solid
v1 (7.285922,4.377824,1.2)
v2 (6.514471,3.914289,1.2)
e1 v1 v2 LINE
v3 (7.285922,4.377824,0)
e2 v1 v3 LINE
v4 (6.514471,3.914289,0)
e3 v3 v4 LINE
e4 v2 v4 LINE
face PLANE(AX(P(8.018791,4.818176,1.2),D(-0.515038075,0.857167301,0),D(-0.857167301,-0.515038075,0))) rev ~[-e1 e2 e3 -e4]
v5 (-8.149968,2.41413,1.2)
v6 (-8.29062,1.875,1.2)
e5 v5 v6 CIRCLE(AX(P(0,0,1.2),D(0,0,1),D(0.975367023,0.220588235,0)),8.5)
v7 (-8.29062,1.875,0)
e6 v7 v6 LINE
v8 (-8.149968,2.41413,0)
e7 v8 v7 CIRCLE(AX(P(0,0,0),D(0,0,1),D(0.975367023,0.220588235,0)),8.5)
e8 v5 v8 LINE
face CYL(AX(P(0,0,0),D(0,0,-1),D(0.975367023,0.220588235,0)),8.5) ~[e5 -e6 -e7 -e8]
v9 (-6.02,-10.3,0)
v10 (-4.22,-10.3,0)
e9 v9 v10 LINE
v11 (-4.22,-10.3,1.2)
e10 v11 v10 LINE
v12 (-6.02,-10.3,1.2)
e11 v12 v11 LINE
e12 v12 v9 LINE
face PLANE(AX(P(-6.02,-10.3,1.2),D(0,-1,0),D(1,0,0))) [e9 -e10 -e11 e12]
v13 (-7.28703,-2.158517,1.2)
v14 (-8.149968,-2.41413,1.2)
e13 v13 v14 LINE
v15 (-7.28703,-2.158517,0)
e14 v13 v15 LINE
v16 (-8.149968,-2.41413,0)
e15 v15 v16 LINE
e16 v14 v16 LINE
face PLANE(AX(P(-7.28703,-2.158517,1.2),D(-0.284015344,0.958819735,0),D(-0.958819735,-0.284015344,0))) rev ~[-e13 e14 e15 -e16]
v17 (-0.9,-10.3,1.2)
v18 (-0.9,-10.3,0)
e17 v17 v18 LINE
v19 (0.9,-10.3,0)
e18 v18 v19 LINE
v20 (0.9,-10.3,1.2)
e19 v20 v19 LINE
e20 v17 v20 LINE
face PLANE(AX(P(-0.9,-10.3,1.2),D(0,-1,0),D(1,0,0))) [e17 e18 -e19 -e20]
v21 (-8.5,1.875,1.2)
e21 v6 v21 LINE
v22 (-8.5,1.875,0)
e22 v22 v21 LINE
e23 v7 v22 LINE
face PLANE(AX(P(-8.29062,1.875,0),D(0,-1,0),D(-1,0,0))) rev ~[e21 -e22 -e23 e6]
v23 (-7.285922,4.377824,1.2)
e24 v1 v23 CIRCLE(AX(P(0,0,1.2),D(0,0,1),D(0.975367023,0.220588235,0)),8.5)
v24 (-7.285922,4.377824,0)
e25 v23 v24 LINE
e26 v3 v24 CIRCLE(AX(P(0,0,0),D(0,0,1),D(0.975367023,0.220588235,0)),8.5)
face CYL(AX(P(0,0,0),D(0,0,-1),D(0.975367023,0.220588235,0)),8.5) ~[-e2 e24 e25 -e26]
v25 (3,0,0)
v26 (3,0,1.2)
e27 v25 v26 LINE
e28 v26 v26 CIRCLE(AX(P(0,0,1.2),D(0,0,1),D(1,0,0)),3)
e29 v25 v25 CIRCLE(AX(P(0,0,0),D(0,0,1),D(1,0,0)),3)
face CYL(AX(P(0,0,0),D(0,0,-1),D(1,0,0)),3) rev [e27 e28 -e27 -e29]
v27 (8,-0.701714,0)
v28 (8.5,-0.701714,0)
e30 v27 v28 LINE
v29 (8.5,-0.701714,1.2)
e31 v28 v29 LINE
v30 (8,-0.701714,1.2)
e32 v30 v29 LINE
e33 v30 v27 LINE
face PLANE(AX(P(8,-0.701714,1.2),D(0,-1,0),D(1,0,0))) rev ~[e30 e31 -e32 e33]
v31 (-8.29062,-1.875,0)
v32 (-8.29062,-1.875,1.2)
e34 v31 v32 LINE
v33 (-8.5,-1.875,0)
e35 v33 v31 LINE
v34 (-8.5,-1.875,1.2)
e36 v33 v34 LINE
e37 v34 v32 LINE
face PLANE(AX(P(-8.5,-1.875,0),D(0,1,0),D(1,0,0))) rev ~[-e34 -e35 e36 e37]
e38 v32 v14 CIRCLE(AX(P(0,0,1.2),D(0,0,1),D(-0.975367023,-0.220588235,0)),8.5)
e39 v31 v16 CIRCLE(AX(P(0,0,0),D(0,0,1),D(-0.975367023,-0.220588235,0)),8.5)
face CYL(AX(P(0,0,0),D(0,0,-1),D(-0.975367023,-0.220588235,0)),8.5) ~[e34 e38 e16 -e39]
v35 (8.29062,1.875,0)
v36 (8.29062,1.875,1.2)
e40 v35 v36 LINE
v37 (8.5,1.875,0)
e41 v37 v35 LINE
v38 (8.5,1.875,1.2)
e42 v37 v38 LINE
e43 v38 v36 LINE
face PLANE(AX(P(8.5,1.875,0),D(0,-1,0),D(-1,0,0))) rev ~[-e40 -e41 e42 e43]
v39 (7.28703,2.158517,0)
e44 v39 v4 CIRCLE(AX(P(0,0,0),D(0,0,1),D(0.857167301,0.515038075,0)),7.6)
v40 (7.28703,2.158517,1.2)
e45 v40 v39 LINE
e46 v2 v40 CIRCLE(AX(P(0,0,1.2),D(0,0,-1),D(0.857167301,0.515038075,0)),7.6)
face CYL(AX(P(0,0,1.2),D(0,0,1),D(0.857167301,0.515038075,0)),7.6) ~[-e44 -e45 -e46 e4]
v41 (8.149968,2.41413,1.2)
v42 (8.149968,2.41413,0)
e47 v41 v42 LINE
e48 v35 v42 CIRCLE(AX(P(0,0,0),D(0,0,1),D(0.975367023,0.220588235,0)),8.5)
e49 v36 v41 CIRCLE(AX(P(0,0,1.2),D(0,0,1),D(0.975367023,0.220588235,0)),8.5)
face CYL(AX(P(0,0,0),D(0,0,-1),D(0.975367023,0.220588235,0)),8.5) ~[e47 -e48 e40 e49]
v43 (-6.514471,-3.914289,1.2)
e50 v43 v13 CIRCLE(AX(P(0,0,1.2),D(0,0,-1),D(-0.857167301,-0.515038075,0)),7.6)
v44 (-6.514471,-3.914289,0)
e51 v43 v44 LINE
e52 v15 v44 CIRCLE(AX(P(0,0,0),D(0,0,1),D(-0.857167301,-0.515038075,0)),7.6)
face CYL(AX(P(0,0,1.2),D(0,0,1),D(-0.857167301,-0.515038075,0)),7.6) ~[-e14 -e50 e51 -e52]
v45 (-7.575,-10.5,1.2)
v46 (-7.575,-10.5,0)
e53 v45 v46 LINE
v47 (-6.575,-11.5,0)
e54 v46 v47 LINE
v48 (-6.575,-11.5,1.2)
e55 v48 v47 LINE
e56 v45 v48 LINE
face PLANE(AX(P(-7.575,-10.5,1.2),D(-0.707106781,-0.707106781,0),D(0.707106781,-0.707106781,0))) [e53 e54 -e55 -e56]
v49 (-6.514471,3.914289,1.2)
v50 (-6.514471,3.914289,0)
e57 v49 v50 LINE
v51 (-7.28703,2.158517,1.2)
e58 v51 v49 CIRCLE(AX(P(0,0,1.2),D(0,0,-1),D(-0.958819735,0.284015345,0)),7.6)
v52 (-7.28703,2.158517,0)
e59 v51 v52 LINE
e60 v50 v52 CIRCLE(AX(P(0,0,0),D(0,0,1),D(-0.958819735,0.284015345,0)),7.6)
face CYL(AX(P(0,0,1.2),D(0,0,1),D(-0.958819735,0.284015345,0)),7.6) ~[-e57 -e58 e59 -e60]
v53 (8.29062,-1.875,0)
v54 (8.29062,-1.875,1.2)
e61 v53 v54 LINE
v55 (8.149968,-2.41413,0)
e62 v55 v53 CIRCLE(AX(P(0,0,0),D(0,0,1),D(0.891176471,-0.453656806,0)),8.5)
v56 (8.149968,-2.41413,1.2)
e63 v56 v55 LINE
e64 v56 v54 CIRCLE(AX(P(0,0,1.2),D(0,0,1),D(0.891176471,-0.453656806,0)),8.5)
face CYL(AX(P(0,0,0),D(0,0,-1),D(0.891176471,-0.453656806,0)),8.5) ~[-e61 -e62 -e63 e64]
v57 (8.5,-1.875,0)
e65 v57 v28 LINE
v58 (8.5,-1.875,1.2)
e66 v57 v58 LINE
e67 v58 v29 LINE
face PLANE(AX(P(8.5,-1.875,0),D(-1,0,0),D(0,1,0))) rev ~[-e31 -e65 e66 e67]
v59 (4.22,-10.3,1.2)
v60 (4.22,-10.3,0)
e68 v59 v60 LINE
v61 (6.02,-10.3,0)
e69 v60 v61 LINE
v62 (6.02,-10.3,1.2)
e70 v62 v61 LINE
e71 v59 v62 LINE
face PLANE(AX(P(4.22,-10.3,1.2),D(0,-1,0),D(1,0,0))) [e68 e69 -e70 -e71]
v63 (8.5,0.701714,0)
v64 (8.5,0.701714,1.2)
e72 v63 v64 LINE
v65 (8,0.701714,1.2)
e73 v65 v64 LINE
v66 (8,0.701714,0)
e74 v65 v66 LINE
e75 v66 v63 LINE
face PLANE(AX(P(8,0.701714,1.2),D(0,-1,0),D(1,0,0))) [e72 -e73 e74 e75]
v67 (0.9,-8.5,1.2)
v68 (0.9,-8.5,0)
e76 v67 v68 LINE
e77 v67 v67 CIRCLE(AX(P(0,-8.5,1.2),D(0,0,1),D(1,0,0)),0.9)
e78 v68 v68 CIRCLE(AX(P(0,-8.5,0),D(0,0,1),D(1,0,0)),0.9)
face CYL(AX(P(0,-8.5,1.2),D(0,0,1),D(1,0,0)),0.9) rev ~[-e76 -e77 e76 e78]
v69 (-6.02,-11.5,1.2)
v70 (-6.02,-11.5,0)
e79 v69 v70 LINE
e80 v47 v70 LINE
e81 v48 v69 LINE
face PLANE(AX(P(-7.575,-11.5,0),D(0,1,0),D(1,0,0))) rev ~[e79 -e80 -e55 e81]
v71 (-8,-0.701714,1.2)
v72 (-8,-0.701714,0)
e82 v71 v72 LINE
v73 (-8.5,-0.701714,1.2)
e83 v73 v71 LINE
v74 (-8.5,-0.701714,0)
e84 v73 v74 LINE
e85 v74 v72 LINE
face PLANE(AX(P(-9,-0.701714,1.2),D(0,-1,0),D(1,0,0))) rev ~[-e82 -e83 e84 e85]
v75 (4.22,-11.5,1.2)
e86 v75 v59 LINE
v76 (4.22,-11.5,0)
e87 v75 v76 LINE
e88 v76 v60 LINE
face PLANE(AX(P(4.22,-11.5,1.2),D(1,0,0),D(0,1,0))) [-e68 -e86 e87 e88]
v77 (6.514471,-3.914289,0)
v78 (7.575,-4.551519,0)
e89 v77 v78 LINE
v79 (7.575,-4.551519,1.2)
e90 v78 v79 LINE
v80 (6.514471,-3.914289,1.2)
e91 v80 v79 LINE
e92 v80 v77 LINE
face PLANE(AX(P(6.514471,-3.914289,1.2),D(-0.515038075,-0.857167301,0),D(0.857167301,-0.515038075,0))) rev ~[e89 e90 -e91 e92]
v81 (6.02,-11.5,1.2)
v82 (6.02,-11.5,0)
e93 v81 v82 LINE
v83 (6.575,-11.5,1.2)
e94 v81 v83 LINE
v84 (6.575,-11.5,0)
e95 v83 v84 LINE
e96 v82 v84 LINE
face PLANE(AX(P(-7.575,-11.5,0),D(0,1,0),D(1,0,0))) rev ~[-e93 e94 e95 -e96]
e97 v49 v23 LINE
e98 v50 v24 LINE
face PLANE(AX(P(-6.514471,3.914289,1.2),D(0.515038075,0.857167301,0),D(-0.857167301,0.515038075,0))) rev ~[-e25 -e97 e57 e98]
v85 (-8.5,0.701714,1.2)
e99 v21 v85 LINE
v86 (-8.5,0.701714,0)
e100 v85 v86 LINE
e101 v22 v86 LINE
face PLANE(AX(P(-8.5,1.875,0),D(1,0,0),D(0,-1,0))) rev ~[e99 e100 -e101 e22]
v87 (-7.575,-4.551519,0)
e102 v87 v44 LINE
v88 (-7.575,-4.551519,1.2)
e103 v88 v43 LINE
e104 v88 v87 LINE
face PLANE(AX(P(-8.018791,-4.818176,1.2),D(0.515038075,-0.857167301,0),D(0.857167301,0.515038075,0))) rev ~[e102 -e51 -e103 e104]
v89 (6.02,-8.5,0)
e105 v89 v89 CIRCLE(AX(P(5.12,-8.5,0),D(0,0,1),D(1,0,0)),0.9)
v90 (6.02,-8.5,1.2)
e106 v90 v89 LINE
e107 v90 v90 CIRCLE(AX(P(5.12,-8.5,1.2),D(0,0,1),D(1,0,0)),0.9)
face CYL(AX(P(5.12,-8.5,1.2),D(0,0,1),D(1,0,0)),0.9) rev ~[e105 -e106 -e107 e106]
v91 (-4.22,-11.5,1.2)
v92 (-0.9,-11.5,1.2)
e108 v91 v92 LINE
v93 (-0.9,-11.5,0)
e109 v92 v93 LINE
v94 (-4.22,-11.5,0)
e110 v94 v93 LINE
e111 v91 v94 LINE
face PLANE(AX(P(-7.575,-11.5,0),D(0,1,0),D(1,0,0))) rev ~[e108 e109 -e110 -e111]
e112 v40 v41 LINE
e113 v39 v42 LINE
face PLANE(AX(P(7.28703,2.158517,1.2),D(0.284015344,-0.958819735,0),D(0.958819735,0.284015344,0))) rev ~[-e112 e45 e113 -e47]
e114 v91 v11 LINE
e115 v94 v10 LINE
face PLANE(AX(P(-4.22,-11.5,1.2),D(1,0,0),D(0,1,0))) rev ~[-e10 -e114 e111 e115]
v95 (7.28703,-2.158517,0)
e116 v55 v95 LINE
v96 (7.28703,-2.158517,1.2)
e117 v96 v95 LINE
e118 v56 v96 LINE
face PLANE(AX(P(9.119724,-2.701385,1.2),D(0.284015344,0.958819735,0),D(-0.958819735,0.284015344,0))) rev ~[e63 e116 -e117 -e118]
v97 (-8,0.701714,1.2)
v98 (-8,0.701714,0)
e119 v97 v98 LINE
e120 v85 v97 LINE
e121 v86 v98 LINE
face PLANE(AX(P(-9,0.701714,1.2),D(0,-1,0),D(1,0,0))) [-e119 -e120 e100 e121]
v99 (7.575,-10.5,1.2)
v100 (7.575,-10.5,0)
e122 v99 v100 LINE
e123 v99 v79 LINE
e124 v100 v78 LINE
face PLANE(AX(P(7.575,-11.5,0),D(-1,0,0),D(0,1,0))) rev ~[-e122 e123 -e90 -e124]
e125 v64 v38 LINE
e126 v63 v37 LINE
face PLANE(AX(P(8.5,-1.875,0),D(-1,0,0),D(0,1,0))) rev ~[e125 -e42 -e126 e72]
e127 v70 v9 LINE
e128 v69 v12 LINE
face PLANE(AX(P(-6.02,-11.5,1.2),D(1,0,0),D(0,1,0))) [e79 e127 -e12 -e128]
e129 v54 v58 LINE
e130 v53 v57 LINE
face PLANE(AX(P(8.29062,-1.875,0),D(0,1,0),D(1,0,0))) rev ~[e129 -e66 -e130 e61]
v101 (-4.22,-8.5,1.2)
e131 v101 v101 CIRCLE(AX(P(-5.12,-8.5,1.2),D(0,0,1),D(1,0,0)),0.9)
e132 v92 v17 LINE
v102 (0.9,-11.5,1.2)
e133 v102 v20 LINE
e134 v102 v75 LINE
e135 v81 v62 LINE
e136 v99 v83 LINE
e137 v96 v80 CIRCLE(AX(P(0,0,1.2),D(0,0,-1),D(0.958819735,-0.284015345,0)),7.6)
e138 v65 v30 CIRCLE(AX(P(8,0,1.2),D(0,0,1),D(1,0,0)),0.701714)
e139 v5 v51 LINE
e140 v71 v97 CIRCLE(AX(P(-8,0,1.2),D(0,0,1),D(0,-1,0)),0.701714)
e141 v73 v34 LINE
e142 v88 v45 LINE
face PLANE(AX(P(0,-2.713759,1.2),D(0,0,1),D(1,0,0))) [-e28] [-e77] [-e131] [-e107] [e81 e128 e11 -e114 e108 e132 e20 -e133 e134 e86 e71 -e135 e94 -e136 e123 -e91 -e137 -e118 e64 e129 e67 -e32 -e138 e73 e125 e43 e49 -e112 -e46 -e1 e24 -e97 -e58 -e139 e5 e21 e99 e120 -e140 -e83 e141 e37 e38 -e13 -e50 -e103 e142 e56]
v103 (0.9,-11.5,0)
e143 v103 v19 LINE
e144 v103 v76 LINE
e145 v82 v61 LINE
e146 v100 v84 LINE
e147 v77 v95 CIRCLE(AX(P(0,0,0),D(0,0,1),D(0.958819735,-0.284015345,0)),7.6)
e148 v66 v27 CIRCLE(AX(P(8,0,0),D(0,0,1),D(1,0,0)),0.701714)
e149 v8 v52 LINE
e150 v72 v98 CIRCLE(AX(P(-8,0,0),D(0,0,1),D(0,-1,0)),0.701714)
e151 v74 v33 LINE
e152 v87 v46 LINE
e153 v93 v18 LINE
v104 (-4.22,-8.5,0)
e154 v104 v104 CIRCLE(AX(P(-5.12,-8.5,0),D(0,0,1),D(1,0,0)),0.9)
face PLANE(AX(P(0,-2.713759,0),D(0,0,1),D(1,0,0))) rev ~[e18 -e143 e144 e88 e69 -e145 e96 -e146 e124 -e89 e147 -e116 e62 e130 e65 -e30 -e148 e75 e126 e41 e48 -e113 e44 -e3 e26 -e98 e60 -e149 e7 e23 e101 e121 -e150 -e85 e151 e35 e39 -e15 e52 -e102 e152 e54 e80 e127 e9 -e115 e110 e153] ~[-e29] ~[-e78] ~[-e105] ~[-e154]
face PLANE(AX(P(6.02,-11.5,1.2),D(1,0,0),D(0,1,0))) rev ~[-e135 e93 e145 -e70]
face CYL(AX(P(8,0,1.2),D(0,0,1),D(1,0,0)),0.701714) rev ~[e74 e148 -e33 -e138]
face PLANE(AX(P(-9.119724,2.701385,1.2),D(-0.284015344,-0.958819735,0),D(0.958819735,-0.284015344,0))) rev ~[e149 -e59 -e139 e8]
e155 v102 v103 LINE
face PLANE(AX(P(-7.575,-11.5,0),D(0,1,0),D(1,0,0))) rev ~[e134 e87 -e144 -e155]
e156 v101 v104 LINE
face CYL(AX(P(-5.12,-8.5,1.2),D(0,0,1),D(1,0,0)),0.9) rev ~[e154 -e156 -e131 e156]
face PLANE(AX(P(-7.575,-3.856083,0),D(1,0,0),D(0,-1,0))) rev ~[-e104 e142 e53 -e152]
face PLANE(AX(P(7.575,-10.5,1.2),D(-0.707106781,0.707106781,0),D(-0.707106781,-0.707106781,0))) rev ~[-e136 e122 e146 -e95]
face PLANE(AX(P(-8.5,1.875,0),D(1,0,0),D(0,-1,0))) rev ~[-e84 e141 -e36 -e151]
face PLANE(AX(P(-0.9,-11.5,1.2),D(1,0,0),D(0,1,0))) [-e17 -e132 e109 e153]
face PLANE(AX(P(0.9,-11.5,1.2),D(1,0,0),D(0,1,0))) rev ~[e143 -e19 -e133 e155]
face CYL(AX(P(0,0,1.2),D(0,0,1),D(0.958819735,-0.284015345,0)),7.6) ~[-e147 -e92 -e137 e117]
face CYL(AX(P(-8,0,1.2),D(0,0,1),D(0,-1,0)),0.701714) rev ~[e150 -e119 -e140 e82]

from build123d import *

# Parameters (mm, degrees)
SKETCH1_R           = 3
BOSS_EXTRUDE1_DEPTH = 1.2
SKETCH2_R           = 0.9
SKETCH2_W           = 1.8
SKETCH2_H           = 1.2
CUT_EXTRUDE1_DEPTH  = 2.2
SKETCH3_R           = 0.701713619
SKETCH3_W           = 1
SKETCH3_H           = 1.403427238
CUT_EXTRUDE2_DEPTH  = 10


with BuildPart() as part:
    # Sketch1 → Boss-Extrude1 (new body)
    with BuildSketch(Plane.XY):
        with BuildLine():
            Line((-7.575, -3.856082857), (-7.575, -11.5))
            Line((-7.575, -11.5), (7.575, -11.5))
            Line((7.575, -11.5), (7.575, -3.856082857))
            ThreePointArc((7.575, -3.856082857), (7.994413326, -2.887794239), (8.290619699, -1.875))
            Line((8.290619699, -1.875), (8.5, -1.875))
            Line((8.5, -1.875), (8.5, 1.875))
            Line((8.5, 1.875), (8.290619699, 1.875))
            ThreePointArc((8.290619699, 1.875), (0, 8.5), (-8.290619699, 1.875))
            Line((-8.290619699, 1.875), (-8.5, 1.875))
            Line((-8.5, 1.875), (-8.5, -1.875))
            Line((-8.5, -1.875), (-8.290619699, -1.875))
            ThreePointArc((-8.290619699, -1.875), (-7.994413326, -2.887794239), (-7.575, -3.856082857))
        make_face()
        Circle(SKETCH1_R, mode=Mode.SUBTRACT)
    extrude(amount=BOSS_EXTRUDE1_DEPTH)

    # Sketch2 → Cut-Extrude1 (cut, through all)
    with BuildSketch(Plane.XY.offset(1.2)):
        with Locations((0, -8.5)):
            Circle(SKETCH2_R)
        with Locations((5.12, -8.5)):
            Circle(SKETCH2_R)
        with Locations((-5.12, -8.5)):
            Circle(SKETCH2_R)
        with Locations((5.12, -10.9)):
            Rectangle(SKETCH2_W, SKETCH2_H)
        with Locations((0, -10.9)):
            Rectangle(SKETCH2_W, SKETCH2_H)
        with Locations((-5.12, -10.9)):
            Rectangle(SKETCH2_W, SKETCH2_H)
        Polygon((7.575, -11.5), (7.575, -10.5), (6.575, -11.5), align=None)
        Polygon((-6.575, -11.5), (-7.575, -11.5), (-7.575, -10.5), align=None)
    extrude(amount=-CUT_EXTRUDE1_DEPTH, mode=Mode.SUBTRACT)

    # Sketch3 → Cut-Extrude2 (cut)
    with BuildSketch(Plane.XY.offset(1.2)):
        with Locations((8, 0)):
            Circle(SKETCH3_R)
        with Locations((-8, 0)):
            Circle(SKETCH3_R)
        with BuildLine():
            Line((7.287029985, 2.15851662), (9.119724122, 2.701385355))
            Line((9.119724122, 2.701385355), (8.018790887, 4.818175656))
            Line((8.018790887, 4.818175656), (6.514471485, 3.914289369))
            ThreePointArc((6.514471485, 3.914289369), (6.956367241, 3.060874843), (7.287029985, 2.15851662))
        make_face()
        with BuildLine():
            Line((8.018790887, -4.818175656), (9.119724122, -2.701385355))
            Line((9.119724122, -2.701385355), (7.287029985, -2.15851662))
            ThreePointArc((7.287029985, -2.15851662), (6.956367241, -3.060874843), (6.514471485, -3.914289369))
            Line((6.514471485, -3.914289369), (8.018790887, -4.818175656))
        make_face()
        with BuildLine():
            Line((-7.287029985, -2.15851662), (-9.119724122, -2.701385355))
            Line((-9.119724122, -2.701385355), (-8.018790887, -4.818175656))
            Line((-8.018790887, -4.818175656), (-6.514471485, -3.914289369))
            ThreePointArc((-6.514471485, -3.914289369), (-6.956367241, -3.060874843), (-7.287029985, -2.15851662))
        make_face()
        with BuildLine():
            Line((-8.018790887, 4.818175656), (-9.119724122, 2.701385355))
            Line((-9.119724122, 2.701385355), (-7.287029985, 2.15851662))
            ThreePointArc((-7.287029985, 2.15851662), (-6.956367241, 3.060874843), (-6.514471485, 3.914289369))
            Line((-6.514471485, 3.914289369), (-8.018790887, 4.818175656))
        make_face()
        with Locations((-8.5, 0)):
            Rectangle(SKETCH3_W, SKETCH3_H)
        with Locations((8.5, 0)):
            Rectangle(SKETCH3_W, SKETCH3_H)
    extrude(amount=-CUT_EXTRUDE2_DEPTH, mode=Mode.SUBTRACT)


solid = part.part
